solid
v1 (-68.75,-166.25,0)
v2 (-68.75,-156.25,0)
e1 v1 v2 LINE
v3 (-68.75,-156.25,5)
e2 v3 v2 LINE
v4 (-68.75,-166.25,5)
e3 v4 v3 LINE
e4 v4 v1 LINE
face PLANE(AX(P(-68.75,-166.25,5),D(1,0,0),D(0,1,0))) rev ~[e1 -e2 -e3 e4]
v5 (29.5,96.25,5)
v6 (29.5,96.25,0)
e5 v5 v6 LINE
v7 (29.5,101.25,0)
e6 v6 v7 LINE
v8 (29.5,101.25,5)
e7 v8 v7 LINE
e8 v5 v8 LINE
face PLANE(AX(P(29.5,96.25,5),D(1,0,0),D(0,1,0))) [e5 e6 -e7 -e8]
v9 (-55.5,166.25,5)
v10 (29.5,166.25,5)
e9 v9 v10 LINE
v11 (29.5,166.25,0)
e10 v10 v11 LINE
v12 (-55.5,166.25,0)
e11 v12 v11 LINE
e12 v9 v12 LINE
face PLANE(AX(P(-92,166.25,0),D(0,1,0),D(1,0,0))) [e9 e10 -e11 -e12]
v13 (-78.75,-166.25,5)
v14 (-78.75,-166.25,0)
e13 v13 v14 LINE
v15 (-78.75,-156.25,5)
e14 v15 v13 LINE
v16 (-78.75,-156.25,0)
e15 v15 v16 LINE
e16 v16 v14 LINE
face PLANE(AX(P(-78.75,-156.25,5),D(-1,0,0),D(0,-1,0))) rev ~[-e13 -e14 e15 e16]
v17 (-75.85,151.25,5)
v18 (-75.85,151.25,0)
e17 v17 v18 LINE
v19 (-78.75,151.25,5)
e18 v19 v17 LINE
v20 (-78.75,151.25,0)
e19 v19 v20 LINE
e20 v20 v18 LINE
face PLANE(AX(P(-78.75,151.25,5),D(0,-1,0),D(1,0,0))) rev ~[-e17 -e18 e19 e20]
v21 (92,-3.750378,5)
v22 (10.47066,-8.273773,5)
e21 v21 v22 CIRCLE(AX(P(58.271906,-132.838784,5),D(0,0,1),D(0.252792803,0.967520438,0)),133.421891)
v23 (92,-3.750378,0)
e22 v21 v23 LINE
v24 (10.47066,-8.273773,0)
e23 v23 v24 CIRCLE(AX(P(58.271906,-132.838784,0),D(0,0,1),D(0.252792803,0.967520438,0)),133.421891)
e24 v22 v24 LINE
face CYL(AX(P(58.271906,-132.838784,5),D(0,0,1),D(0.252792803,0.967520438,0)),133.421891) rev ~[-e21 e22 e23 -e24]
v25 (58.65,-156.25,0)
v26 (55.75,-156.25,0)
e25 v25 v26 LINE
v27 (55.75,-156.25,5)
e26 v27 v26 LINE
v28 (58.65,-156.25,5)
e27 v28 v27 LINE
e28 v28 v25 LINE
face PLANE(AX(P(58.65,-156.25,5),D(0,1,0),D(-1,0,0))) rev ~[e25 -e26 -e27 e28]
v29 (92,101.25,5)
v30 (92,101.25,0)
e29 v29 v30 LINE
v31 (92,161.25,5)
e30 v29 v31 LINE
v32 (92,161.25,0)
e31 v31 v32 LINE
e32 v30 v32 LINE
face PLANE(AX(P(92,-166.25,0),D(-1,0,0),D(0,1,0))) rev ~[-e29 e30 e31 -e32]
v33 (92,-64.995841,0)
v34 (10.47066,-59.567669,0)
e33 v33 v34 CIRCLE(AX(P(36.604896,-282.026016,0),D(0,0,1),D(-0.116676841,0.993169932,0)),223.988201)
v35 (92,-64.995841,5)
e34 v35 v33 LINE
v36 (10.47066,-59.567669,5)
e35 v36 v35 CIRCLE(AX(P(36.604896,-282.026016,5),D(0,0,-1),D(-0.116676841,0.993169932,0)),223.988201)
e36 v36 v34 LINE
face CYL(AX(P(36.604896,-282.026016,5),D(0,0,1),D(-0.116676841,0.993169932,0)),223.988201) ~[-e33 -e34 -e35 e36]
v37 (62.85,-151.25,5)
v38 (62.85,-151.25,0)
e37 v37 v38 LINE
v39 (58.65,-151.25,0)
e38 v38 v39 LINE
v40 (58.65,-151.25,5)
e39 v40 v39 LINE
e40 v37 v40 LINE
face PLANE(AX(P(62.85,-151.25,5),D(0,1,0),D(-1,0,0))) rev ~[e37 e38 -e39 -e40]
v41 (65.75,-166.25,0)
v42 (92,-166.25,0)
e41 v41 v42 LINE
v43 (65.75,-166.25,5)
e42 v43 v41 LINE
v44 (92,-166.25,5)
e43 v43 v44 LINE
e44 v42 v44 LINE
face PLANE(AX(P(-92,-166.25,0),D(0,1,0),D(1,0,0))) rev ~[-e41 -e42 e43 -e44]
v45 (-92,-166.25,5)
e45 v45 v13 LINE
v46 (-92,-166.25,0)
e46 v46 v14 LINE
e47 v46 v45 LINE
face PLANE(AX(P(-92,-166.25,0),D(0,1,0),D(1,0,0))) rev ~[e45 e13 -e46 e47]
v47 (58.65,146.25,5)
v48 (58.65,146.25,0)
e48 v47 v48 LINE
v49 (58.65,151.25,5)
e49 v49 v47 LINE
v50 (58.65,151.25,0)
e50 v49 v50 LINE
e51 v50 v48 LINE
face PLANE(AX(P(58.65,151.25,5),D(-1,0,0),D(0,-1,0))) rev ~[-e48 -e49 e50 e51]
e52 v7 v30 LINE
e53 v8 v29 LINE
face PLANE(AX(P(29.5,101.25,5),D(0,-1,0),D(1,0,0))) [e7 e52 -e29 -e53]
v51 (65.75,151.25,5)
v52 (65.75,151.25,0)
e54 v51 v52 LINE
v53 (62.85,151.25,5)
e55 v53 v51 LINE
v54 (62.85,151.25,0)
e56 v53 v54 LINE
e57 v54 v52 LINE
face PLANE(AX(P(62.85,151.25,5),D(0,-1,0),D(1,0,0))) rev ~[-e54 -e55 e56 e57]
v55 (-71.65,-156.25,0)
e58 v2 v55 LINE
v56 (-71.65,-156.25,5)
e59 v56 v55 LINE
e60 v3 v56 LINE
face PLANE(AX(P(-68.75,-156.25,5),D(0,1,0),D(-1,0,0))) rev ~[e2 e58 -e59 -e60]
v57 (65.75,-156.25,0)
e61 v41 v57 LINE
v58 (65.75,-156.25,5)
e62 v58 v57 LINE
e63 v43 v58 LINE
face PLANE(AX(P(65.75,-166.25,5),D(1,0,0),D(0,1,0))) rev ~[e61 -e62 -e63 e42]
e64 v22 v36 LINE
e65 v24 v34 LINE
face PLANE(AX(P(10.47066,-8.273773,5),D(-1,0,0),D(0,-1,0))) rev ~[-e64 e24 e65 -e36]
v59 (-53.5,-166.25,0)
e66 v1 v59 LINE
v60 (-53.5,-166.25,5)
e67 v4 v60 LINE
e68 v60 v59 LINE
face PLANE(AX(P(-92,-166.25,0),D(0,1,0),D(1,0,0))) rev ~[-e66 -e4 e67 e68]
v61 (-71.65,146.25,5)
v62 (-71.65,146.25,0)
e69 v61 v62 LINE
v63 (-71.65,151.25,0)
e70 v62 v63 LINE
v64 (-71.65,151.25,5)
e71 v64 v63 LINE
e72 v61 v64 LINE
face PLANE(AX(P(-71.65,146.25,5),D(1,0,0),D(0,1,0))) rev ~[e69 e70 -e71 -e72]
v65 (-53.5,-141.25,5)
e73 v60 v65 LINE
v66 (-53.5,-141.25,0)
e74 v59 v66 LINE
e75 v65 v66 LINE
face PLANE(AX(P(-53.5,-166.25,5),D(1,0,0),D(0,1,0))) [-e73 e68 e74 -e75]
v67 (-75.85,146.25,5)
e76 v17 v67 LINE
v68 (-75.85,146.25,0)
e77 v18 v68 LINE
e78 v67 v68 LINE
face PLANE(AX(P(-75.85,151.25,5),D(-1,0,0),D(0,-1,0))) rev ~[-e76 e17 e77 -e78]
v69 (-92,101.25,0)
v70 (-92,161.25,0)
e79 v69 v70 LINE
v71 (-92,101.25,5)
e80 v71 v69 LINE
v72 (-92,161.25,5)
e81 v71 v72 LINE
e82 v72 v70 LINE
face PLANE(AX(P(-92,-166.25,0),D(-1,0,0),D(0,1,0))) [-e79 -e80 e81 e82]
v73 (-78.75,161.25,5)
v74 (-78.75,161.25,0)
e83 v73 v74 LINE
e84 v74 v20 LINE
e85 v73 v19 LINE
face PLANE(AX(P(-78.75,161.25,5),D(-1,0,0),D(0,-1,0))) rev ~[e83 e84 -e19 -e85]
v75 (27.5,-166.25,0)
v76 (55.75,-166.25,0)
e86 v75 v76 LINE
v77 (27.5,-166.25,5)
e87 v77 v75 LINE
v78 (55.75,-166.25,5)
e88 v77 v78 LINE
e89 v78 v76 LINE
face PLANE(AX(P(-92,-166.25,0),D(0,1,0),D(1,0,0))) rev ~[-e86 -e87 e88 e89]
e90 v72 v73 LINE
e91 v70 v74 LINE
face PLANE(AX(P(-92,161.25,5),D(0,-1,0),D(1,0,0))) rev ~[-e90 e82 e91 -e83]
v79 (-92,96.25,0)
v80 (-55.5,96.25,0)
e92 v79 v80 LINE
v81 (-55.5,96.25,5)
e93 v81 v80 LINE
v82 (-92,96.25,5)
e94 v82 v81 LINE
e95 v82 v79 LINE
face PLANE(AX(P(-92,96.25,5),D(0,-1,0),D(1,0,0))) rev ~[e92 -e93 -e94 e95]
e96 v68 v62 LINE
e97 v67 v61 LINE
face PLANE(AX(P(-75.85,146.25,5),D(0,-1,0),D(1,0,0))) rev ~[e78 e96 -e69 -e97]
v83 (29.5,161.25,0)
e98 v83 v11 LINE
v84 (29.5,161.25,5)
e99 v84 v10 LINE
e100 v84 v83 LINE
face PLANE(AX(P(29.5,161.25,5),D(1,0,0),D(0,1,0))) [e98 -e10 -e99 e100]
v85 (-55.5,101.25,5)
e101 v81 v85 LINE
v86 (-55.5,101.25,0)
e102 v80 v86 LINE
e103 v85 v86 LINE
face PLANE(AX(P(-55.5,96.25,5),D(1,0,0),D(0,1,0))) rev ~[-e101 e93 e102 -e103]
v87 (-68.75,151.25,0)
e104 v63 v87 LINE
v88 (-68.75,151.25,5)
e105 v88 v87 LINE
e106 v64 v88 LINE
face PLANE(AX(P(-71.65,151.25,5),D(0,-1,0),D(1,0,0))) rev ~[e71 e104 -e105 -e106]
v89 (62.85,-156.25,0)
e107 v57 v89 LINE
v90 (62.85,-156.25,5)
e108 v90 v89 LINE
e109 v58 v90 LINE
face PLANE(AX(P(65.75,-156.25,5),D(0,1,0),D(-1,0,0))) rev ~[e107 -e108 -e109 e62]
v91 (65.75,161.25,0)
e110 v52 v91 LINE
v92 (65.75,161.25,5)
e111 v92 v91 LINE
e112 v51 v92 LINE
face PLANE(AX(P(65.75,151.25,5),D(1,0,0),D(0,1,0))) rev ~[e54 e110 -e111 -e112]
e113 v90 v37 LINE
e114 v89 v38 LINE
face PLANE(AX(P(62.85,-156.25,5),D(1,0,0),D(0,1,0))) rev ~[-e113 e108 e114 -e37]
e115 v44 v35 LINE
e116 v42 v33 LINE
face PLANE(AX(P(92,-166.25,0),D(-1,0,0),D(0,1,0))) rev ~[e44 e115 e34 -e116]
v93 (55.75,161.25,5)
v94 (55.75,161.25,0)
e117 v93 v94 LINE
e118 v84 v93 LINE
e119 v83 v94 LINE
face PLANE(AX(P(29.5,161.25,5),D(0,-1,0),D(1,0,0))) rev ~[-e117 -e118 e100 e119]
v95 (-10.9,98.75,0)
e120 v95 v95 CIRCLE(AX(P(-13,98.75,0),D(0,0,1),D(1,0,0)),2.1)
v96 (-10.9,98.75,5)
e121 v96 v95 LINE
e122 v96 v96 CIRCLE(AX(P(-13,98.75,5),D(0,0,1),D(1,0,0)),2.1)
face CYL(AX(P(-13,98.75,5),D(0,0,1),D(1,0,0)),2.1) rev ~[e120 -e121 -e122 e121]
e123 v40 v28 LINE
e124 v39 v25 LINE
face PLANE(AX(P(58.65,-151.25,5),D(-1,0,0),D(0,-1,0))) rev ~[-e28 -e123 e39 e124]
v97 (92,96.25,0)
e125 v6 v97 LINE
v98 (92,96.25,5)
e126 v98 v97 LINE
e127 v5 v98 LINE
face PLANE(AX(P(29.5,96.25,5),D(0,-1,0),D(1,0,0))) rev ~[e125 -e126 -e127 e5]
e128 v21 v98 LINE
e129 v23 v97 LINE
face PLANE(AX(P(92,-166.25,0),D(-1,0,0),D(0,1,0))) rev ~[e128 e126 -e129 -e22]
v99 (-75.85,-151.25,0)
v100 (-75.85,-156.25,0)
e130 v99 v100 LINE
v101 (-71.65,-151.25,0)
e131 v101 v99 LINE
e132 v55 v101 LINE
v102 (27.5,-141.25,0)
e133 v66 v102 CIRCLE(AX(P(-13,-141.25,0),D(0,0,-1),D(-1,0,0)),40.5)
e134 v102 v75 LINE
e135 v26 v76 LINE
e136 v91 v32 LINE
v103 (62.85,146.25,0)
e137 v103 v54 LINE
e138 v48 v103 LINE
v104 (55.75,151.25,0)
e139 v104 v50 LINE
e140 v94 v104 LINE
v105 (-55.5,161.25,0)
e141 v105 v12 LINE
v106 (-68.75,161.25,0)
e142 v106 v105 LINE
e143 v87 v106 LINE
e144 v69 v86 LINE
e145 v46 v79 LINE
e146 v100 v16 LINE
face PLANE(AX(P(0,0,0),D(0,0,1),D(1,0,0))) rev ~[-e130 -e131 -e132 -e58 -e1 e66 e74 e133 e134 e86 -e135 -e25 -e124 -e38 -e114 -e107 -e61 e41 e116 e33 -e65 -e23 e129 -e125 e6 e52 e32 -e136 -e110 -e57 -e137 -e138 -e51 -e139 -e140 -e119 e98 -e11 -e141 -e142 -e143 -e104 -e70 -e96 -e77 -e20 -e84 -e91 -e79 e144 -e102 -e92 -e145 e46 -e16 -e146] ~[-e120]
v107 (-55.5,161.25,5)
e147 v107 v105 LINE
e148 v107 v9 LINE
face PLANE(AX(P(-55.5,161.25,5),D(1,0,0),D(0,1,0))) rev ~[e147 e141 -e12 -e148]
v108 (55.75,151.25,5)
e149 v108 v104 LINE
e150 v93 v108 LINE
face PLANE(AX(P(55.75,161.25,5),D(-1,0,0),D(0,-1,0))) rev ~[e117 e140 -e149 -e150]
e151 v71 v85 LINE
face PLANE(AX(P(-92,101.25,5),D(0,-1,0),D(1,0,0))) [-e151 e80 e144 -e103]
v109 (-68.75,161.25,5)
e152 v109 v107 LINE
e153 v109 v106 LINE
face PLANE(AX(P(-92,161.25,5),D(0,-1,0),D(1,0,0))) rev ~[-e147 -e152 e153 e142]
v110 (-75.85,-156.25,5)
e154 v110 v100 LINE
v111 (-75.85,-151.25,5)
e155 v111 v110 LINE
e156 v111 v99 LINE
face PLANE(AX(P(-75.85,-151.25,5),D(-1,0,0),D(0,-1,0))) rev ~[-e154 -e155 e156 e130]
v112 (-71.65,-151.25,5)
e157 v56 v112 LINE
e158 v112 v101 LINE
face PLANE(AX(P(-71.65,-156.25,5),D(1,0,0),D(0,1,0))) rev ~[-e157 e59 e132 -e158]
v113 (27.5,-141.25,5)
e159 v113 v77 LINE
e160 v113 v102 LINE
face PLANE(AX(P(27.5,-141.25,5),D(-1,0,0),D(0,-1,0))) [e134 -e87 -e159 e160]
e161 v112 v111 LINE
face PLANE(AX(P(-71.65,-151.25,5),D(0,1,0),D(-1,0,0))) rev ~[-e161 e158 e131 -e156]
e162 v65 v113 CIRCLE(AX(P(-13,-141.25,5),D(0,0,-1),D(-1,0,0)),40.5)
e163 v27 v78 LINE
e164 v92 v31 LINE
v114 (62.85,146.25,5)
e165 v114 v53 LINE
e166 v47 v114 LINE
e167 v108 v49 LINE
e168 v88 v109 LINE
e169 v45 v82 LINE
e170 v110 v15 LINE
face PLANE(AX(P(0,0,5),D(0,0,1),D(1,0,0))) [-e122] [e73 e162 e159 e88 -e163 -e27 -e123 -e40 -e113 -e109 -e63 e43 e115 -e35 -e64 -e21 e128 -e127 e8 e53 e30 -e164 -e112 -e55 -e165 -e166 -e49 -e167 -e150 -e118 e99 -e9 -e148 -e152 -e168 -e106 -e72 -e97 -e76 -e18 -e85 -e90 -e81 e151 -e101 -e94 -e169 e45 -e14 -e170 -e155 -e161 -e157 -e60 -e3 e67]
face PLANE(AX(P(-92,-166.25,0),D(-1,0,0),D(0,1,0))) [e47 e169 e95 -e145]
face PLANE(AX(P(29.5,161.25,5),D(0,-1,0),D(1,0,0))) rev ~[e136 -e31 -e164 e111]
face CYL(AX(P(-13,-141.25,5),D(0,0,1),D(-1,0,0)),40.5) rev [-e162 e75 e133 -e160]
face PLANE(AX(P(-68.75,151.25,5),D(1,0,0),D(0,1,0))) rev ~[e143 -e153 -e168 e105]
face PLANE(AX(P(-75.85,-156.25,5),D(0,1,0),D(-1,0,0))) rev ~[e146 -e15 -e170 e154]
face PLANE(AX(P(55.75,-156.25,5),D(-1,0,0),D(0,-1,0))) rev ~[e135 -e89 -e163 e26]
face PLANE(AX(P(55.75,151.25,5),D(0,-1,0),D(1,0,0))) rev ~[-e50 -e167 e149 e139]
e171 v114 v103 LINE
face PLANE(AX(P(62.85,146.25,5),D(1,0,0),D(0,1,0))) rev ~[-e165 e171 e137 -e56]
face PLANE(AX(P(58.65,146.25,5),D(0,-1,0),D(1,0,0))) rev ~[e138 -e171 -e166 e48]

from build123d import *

# Parameters (mm, degrees)
SKETCH2_W               = 184
SKETCH2_H               = 332.5
BOSS_EXTRUDE1_DEPTH     = 5
SKETCH3_W               = 36.5
SKETCH3_H               = 5
SKETCH3_W_2             = 62.5
CUT_EXTRUDE1_DEPTH      = 5
CUT_EXTRUDE2_DEPTH      = 10
SKETCH5_R               = 2.1
CUT_EXTRUDE3_DEPTH      = 10
ENL_V_MAT_EXTRU_2_DEPTH = 10


with BuildPart() as part:
    # Sketch2 → Boss-Extrude1 (new body)
    with BuildSketch(Plane.XY):
        Rectangle(SKETCH2_W, SKETCH2_H)
    extrude(amount=BOSS_EXTRUDE1_DEPTH)

    # Sketch3 → Cut-Extrude1 (cut)
    with BuildSketch(Plane.XY.offset(5)):
        with Locations((-73.75, 163.75)):
            Rectangle(SKETCH3_W, SKETCH3_H)
        with Locations((60.75, 163.75)):
            Rectangle(SKETCH3_W_2, SKETCH3_H)
        with Locations((60.75, 98.75)):
            Rectangle(SKETCH3_W_2, SKETCH3_H)
        with BuildLine():
            Line((27.5, -141.25), (27.5, -166.25))
            Line((27.5, -166.25), (-53.5, -166.25))
            Line((-53.5, -166.25), (-53.5, -141.25))
            ThreePointArc((-53.5, -141.25), (-13, -100.75), (27.5, -141.25))
        make_face()
        with Locations((-73.75, 98.75)):
            Rectangle(SKETCH3_W, SKETCH3_H)
    extrude(amount=-CUT_EXTRUDE1_DEPTH, mode=Mode.SUBTRACT)

    # Sketch4 → Cut-Extrude2 (cut)
    with BuildSketch(Plane.XY.offset(5)):
        Polygon((55.75, 161.25), (55.75, 151.25), (58.65, 151.25), (58.65, 146.25), (62.85, 146.25), (62.85, 151.25), (65.75, 151.25), (65.75, 161.25), align=None)
        Polygon((-78.75, 161.25), (-78.75, 151.25), (-75.85, 151.25), (-75.85, 146.25), (-71.65, 146.25), (-71.65, 151.25), (-68.75, 151.25), (-68.75, 161.25), align=None)
        Polygon((65.75, -166.25), (65.75, -156.25), (62.85, -156.25), (62.85, -151.25), (58.65, -151.25), (58.65, -156.25), (55.75, -156.25), (55.75, -166.25), align=None)
        Polygon((-68.75, -166.25), (-68.75, -156.25), (-71.65, -156.25), (-71.65, -151.25), (-75.85, -151.25), (-75.85, -156.25), (-78.75, -156.25), (-78.75, -166.25), align=None)
    extrude(amount=-CUT_EXTRUDE2_DEPTH, mode=Mode.SUBTRACT)

    # Sketch5 → Cut-Extrude3 (cut)
    with BuildSketch(Plane.XY.offset(5)):
        with Locations((-13, 98.75)):
            Circle(SKETCH5_R)
    extrude(amount=-CUT_EXTRUDE3_DEPTH, mode=Mode.SUBTRACT)

    # Esquisse2 → Enlèv. mat.-Extru.2 (cut)
    with BuildSketch(Plane.XY.offset(5)):
        with BuildLine():
            Line((10.470660362, -8.273773364), (10.470660362, -59.567669296))
            ThreePointArc((10.470660362, -59.567669296), (51.484945295, -58.532619163), (92, -64.995841242))
            Line((92, -64.995841242), (92, -3.75037767))
            ThreePointArc((92, -3.75037767), (50.880784547, 0.378228003), (10.470660362, -8.273773364))
        make_face()
    extrude(amount=-ENL_V_MAT_EXTRU_2_DEPTH, mode=Mode.SUBTRACT)


solid = part.part
